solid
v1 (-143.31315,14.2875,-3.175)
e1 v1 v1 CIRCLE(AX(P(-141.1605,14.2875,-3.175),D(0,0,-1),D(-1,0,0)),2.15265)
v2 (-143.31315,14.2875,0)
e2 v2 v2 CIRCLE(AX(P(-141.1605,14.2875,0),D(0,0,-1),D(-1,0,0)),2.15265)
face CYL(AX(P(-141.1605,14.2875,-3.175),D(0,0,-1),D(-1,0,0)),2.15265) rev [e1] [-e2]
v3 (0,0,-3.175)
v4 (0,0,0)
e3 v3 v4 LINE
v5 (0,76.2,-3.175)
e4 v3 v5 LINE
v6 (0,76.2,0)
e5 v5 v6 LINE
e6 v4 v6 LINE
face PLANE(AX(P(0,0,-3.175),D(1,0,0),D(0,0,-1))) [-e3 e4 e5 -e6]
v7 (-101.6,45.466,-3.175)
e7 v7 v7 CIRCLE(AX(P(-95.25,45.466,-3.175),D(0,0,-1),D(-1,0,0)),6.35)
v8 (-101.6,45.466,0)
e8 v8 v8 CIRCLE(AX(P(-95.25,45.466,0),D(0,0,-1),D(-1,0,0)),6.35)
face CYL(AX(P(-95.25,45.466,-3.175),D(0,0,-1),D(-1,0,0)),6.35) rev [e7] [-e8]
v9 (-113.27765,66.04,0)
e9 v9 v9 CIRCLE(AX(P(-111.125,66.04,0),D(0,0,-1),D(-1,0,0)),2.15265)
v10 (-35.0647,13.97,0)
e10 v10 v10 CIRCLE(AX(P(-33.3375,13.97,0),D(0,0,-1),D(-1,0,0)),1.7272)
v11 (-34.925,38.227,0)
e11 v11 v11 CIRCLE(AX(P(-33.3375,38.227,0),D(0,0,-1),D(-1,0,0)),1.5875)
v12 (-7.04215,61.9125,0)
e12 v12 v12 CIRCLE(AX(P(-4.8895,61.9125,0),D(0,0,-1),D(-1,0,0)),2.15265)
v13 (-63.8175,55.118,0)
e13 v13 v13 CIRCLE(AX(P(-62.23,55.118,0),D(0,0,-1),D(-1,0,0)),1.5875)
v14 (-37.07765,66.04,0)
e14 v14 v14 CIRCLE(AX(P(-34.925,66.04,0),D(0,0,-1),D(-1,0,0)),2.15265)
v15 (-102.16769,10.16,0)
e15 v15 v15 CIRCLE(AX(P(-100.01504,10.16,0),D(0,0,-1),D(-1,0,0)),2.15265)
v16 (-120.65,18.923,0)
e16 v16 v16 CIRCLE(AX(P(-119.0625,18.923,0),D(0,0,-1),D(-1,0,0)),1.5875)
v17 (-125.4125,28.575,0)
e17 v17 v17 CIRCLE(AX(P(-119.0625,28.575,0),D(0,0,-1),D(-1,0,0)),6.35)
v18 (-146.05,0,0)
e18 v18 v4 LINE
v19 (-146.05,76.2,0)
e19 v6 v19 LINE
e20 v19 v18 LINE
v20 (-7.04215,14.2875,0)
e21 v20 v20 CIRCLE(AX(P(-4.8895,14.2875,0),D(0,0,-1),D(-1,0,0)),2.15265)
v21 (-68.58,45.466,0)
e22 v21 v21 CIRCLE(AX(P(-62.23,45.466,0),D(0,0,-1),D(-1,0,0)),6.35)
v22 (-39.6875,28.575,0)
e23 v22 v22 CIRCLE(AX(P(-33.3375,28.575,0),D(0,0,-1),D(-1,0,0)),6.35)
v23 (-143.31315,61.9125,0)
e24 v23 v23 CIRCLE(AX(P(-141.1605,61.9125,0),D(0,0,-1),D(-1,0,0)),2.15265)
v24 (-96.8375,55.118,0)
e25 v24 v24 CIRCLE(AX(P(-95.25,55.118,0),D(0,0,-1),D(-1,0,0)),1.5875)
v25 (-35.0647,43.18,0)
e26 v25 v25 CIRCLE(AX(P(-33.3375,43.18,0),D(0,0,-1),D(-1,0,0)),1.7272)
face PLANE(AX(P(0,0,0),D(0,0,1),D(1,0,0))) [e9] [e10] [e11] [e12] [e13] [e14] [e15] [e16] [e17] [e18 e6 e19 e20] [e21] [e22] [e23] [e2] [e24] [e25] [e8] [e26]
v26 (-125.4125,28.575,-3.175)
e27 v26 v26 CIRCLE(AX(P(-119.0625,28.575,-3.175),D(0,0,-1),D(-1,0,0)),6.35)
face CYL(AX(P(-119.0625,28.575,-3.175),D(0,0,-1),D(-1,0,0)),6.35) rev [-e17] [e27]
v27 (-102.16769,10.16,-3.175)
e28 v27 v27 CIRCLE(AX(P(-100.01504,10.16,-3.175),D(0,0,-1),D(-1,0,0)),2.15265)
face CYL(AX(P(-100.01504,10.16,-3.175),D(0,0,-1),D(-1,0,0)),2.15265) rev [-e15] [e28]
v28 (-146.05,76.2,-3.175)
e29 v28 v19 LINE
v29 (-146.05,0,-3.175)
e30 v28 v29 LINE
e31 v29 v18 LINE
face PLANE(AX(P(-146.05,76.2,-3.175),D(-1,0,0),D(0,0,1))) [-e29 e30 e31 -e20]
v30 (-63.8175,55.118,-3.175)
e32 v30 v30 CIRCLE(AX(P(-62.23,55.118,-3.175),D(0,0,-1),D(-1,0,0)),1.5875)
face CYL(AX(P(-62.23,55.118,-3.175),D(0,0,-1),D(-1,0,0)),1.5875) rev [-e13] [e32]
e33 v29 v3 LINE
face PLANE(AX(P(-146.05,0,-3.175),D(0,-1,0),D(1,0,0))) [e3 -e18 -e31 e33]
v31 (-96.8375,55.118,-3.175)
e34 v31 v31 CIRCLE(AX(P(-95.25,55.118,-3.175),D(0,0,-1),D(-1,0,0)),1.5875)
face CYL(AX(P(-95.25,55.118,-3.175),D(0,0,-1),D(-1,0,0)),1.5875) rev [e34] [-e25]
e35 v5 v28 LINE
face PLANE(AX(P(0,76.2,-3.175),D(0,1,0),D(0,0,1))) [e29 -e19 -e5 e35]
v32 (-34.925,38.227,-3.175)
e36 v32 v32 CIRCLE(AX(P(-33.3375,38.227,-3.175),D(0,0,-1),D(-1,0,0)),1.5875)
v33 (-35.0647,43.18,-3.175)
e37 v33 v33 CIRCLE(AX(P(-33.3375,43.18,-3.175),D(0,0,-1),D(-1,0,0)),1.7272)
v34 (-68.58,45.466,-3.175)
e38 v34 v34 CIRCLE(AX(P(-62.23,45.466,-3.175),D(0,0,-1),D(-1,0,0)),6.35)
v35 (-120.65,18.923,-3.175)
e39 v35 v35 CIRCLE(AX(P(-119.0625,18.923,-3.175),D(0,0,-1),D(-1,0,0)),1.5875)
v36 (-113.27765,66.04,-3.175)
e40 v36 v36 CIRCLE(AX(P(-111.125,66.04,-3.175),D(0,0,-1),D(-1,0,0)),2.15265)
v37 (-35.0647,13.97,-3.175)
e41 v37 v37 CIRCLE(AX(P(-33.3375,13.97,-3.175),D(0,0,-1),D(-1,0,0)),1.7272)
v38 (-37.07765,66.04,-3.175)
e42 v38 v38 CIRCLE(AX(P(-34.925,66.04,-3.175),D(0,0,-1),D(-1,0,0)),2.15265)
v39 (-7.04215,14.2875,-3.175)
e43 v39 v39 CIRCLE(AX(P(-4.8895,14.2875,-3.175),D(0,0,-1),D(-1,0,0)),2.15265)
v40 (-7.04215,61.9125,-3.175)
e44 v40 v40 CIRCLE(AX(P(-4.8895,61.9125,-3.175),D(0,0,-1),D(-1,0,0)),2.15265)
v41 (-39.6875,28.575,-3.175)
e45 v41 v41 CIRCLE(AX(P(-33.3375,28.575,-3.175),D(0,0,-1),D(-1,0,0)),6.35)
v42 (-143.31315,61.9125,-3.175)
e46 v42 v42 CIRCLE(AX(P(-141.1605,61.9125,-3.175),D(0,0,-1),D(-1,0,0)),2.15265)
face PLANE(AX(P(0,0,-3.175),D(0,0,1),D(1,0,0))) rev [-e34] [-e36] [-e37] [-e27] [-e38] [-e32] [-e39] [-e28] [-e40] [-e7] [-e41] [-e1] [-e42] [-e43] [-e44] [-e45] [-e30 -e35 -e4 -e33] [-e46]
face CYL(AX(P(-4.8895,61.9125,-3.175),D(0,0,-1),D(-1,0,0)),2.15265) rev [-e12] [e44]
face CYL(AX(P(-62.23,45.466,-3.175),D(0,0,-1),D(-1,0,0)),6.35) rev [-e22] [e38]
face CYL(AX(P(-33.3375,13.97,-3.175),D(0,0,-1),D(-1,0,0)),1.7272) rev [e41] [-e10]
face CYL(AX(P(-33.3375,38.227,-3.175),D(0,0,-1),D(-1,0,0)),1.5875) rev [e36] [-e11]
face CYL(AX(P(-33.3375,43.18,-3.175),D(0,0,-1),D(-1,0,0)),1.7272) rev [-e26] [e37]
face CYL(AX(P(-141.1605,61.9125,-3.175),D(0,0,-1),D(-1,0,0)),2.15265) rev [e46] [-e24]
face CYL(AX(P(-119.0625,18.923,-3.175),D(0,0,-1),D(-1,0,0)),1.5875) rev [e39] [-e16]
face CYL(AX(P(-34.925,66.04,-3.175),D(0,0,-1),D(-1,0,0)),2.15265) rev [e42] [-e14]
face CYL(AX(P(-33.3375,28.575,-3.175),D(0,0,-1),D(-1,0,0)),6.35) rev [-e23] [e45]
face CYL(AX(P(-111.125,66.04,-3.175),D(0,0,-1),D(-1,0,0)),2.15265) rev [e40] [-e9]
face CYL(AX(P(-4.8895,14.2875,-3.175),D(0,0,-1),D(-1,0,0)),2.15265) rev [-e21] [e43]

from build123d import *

# Parameters (mm, degrees)
SKETCH1_W                    = 146.05
SKETCH1_H                    = 76.2
BOSS_EXTRUDE1_DEPTH          = 3.175
F_1_8_0_125_DIAMETER_HOLE1_D = 3.175
F_1_2_0_5_DIAMETER_HOLE1_D   = 12.7
F_6_CLEARANCE_HOLE1_D        = 4.3053
F_4_CLEARANCE_HOLE1_D        = 3.4544


with BuildPart() as part:
    # Sketch1 → Boss-Extrude1 (new body)
    with BuildSketch(Plane.XY):
        with Locations((-73.025, 38.1)):
            Rectangle(SKETCH1_W, SKETCH1_H)
    extrude(amount=-BOSS_EXTRUDE1_DEPTH)

    # 1/8 (0.125) Diameter Hole1 (through all)
    with Locations(Plane(origin=(0, 0, -3.175), x_dir=(-1, 0, 0), z_dir=(0, 0, -1))):
        with Locations((95.25, 55.118), (119.0625, 18.923), (62.23, 55.118), (33.3375, 38.227)):
            Hole(F_1_8_0_125_DIAMETER_HOLE1_D / 2)

    # 1/2 (0.5) Diameter Hole1 (through all)
    with Locations(Plane(origin=(0, 0, -3.175), x_dir=(-1, 0, 0), z_dir=(0, 0, -1))):
        with Locations((95.25, 45.466), (119.0625, 28.575), (62.23, 45.466), (33.3375, 28.575)):
            Hole(F_1_2_0_5_DIAMETER_HOLE1_D / 2)

    # #6 Clearance Hole1 (through all)
    with Locations(Plane(origin=(0, 0, -3.175), x_dir=(-1, 0, 0), z_dir=(0, 0, -1))):
        with Locations((141.1605, 61.9125), (141.1605, 14.2875), (4.8895, 61.9125), (4.8895, 14.2875), (111.125, 66.04), (100.01504, 10.16), (34.925, 66.04)):
            Hole(F_6_CLEARANCE_HOLE1_D / 2)

    # #4 Clearance Hole1 (through all)
    with Locations(Plane(origin=(0, 0, -3.175), x_dir=(-1, 0, 0), z_dir=(0, 0, -1))):
        with Locations((33.3375, 43.18), (33.3375, 13.97)):
            Hole(F_4_CLEARANCE_HOLE1_D / 2)


solid = part.part
